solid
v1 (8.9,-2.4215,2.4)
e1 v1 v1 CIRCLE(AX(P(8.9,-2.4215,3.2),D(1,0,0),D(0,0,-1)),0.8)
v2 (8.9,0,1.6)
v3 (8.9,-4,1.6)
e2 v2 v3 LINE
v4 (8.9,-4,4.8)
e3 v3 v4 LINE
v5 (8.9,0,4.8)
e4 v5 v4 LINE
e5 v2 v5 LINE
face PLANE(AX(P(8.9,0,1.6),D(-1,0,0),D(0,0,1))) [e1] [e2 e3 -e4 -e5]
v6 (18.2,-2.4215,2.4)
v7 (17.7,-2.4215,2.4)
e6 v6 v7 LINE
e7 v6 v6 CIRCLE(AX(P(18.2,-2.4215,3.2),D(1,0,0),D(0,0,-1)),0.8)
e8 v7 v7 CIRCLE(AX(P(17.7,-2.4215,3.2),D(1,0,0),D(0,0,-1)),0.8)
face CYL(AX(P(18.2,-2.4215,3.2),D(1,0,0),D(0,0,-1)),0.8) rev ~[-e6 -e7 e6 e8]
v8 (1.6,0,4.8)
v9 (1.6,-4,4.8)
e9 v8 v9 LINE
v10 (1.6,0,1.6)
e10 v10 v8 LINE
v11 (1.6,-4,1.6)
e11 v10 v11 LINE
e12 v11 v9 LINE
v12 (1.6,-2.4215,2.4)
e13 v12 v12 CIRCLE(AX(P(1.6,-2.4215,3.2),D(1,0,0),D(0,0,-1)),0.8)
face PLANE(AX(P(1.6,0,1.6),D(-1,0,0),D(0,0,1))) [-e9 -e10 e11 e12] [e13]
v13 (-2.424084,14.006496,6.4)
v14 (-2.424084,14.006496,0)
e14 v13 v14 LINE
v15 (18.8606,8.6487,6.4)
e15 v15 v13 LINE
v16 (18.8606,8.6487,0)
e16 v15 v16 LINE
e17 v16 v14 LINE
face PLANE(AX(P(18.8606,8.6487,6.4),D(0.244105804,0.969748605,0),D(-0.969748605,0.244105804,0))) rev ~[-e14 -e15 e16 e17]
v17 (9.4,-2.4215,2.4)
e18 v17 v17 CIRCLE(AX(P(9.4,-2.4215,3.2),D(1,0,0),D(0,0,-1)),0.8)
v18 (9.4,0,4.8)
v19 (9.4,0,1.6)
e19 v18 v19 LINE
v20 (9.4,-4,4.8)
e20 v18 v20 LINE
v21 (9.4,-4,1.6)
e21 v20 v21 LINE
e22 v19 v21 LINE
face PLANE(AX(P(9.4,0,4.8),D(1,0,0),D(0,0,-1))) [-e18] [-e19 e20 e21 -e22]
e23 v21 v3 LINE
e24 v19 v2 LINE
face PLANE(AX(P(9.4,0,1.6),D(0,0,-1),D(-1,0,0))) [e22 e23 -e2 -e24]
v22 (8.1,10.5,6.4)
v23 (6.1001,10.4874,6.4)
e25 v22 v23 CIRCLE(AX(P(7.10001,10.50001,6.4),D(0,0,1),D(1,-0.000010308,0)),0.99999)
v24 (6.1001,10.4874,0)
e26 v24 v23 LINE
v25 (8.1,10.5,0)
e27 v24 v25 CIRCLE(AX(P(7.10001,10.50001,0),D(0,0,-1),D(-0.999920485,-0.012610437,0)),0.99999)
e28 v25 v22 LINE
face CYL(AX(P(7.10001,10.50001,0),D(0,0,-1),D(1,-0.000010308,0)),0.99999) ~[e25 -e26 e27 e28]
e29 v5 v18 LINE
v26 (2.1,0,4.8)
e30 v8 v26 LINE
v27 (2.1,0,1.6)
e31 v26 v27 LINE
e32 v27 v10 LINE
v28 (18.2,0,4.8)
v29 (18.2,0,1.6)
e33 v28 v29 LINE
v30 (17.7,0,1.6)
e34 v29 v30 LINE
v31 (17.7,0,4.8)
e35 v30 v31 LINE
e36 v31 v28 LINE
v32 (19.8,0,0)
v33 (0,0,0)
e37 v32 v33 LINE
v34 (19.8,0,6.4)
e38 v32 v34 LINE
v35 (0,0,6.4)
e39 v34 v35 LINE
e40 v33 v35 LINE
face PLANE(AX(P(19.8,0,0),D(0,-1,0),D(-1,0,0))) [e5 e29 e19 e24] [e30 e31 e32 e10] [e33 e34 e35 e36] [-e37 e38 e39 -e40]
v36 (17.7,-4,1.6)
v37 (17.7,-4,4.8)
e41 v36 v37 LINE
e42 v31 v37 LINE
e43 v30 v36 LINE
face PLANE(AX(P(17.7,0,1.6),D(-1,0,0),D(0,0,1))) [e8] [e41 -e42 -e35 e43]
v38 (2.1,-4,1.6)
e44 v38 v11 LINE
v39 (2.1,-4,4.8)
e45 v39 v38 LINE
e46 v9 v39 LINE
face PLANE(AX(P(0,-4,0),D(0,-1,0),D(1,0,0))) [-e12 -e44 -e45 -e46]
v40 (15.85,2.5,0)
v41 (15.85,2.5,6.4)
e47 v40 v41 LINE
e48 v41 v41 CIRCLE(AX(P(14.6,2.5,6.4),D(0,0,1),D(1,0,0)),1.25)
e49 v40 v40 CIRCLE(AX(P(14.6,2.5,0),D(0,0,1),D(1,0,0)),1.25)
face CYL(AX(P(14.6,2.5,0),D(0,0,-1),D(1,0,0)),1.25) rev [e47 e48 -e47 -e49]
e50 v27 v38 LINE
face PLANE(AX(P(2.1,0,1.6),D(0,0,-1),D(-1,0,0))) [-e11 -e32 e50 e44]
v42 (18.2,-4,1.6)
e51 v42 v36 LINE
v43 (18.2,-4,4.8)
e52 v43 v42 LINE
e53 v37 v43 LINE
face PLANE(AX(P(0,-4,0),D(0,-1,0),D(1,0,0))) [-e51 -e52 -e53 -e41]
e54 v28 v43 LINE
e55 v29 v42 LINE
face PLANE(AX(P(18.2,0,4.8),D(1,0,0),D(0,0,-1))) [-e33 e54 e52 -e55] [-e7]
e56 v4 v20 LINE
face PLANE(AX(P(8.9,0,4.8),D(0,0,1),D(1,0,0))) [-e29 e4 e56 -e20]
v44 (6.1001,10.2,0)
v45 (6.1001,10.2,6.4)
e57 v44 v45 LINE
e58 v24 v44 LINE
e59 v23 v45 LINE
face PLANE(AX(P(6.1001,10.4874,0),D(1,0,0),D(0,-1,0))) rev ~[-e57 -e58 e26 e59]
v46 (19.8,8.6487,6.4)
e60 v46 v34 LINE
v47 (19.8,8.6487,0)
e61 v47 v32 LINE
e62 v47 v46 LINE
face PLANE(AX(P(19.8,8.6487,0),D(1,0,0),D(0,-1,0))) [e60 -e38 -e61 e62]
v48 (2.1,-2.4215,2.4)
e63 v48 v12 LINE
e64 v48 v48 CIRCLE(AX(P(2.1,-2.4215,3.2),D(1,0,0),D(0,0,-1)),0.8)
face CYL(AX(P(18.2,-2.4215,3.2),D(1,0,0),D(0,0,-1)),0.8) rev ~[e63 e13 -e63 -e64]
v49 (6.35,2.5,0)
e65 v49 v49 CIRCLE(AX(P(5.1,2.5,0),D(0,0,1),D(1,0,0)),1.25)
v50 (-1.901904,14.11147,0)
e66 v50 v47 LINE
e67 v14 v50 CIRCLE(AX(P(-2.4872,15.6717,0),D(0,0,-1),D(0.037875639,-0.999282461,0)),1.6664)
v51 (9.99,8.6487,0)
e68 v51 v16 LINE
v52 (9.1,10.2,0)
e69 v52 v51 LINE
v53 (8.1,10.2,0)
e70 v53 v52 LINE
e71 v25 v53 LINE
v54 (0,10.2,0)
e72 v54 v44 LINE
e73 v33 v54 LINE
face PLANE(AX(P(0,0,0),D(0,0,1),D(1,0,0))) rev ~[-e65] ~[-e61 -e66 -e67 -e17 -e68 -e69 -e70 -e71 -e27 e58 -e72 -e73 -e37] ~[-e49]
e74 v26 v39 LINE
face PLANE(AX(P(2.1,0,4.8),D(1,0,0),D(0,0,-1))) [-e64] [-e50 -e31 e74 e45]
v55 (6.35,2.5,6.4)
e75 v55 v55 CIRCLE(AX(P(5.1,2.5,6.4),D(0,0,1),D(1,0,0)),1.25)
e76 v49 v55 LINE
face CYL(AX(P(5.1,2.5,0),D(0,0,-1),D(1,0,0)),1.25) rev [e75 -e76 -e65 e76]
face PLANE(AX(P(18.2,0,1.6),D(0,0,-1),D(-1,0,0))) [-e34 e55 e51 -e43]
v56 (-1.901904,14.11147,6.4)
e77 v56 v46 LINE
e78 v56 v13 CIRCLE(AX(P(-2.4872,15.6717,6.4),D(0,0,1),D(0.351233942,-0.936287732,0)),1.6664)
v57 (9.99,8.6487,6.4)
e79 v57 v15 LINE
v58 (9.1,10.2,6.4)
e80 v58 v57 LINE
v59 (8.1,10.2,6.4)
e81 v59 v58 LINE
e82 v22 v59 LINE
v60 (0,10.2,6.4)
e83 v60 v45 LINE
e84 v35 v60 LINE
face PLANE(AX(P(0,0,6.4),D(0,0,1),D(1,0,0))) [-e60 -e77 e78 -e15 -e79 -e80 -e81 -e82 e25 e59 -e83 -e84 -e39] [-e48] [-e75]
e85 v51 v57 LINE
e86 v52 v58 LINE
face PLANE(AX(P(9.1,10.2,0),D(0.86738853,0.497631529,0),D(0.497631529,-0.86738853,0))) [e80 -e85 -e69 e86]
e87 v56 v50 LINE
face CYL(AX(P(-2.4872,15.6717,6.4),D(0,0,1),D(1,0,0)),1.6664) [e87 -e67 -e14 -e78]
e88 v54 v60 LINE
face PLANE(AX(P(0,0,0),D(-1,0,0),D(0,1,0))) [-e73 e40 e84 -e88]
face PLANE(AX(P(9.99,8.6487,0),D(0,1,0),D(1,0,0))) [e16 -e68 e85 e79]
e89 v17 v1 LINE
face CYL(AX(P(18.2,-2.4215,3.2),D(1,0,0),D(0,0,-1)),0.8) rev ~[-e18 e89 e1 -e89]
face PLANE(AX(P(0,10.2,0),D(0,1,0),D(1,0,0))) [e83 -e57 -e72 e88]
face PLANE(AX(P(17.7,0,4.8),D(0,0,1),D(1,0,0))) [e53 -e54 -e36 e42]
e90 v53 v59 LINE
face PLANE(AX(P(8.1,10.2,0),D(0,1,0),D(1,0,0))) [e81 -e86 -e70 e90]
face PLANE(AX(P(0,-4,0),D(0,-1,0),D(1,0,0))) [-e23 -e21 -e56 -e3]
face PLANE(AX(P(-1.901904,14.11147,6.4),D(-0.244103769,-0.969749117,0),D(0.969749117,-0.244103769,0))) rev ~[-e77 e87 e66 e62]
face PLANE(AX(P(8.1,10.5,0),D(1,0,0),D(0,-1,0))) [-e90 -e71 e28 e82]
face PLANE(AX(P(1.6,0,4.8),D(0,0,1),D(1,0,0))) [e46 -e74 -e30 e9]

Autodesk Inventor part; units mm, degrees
ref_plane "YZ Plane" through (0, 0, 0) normal (1, 0, 0) x (0, 1, 0)
ref_plane "XZ Plane" through (0, 0, 0) normal (0, 1, 0) x (-1, 0, 0)
ref_plane "XY Plane" through (0, 0, 0) normal (0, 0, 1) x (1, 0, 0)
sketch "Sketch1" plane through (0, 0, 0) normal (0, 0, 1) x (1, 0, 0)
  line L0 (0, 0) -> (0, 10.2)
  line L1 (0, 10.2) -> (9.1, 10.2)
  line L2 (9.1, 10.2) -> (9.99, 8.6487)
  line L3 (9.99, 8.6487) -> (19.8, 8.6487)
  line L4 (19.8, 8.6487) -> (19.8, 0)
  line L5 (19.8, 0) -> (0, 0)
  circle A0 centre (5.1, 2.5) radius 1.25
  circle A1 centre (14.6, 2.5) radius 1.25
  arc A2 (8.1, 10.5) -> (6.1001, 10.4874) centre (7.1, 10.5) ccw
  line L6 (8.1, 10.5) -> (8.1, 10.2)
  line L7 (6.1001, 10.5) -> (6.1001, 10.2)
  dimension "d0" = 9.1
  dimension "d1" = 10.2
  dimension "d2" = 19.8
  dimension "d3" = 2.5
  dimension "d4" = 5.1
  dimension "d5" = 2.5
  dimension "d6" = 9.5
  dimension "d7" = 2.5
  dimension "d8" = 2.5
  dimension "d9" = 2
  dimension "d10" = 7.5
  dimension "d11" = 10.5
extrude "Extrusion1" add sketch "Sketch1" along normal blind 6.4
sketch "Sketch3" plane through (0, 0, 0) normal (0, -1, 0) x (1, 0, 0)
  line L0 (8.9, 1.6) -> (8.9, 4.8)
  line L1 (8.9, 4.8) -> (9.4, 4.8)
  line L2 (9.4, 4.8) -> (9.4, 1.6)
  line L3 (9.4, 1.6) -> (8.9, 1.6)
  line L4 (17.7, 1.6) -> (17.7, 4.8)
  line L5 (17.7, 4.8) -> (18.2, 4.8)
  line L6 (18.2, 4.8) -> (18.2, 1.6)
  line L7 (18.2, 1.6) -> (17.7, 1.6)
  line L8 (1.6, 1.6) -> (1.6, 4.8)
  line L9 (1.6, 4.8) -> (2.1, 4.8)
  line L10 (2.1, 4.8) -> (2.1, 1.6)
  line L11 (2.1, 1.6) -> (1.6, 1.6)
extrude "Extrusion3" add sketch "Sketch3" along normal blind 4
sketch "Sketch4" plane through (18.2, 0, 4.8) normal (1, 0, 0) x (0, 0, -1)
  circle A0 centre (1.6, -2.4215) radius 0.8
  point P0 (4.8, 0)
  dimension "d24" = 1.6
extrude "Extrusion4" cut sketch "Sketch4" against normal blind 22
sketch "Sketch5" plane through (0, 0, 6.4) normal (0, 0, 1) x (1, 0, 0)
  line L0 (19.8, 8.6487) -> (9.99, 8.6487) projected
  line L1 (18.8606, 8.6487) -> (-2.9473, 14.1382)
  line L2 (-2.9473, 14.1382) -> (-2.4872, 14.2588)
  line L3 (-2.4872, 14.2588) -> (19.8, 8.6487)
  circle A0 centre (-2.4872, 15.6717) radius 1.6664
extrude "Extrusion5" add sketch "Sketch5" against normal blind 6.4
sketch "Sketch2" plane through (0, 0, 6.4) normal (0, 0, 1) x (1, 0, 0)
  line L0 (1.6916, 0) -> (2.1916, 0)
  line L1 (2.1916, 0) -> (2.1916, -4)
  line L2 (2.1916, -4) -> (1.6916, -4)
  line L3 (1.6916, -4) -> (1.6916, 0)
  line L4 (10.4916, 0) -> (10.9916, 0)
  line L5 (10.9916, 0) -> (10.9916, -4)
  line L6 (10.9916, -4) -> (10.4916, -4)
  line L7 (10.4916, -4) -> (10.4916, 0)
  line L8 (17.7916, 0) -> (18.2916, 0)
  line L9 (18.2916, 0) -> (18.2916, -4)
  line L10 (18.2916, -4) -> (17.7916, -4)
  line L11 (17.7916, -4) -> (17.7916, 0)
  point P0 (0, 0)
  point P1 (-19.8, 0)
  dimension "d14" = 0.5
  dimension "d15" = 4
  dimension "d16" = 0.5
  dimension "d17" = 0.5
  dimension "d18" = 8.3
  dimension "d19" = 6.8
properties part number "endstopLever"
